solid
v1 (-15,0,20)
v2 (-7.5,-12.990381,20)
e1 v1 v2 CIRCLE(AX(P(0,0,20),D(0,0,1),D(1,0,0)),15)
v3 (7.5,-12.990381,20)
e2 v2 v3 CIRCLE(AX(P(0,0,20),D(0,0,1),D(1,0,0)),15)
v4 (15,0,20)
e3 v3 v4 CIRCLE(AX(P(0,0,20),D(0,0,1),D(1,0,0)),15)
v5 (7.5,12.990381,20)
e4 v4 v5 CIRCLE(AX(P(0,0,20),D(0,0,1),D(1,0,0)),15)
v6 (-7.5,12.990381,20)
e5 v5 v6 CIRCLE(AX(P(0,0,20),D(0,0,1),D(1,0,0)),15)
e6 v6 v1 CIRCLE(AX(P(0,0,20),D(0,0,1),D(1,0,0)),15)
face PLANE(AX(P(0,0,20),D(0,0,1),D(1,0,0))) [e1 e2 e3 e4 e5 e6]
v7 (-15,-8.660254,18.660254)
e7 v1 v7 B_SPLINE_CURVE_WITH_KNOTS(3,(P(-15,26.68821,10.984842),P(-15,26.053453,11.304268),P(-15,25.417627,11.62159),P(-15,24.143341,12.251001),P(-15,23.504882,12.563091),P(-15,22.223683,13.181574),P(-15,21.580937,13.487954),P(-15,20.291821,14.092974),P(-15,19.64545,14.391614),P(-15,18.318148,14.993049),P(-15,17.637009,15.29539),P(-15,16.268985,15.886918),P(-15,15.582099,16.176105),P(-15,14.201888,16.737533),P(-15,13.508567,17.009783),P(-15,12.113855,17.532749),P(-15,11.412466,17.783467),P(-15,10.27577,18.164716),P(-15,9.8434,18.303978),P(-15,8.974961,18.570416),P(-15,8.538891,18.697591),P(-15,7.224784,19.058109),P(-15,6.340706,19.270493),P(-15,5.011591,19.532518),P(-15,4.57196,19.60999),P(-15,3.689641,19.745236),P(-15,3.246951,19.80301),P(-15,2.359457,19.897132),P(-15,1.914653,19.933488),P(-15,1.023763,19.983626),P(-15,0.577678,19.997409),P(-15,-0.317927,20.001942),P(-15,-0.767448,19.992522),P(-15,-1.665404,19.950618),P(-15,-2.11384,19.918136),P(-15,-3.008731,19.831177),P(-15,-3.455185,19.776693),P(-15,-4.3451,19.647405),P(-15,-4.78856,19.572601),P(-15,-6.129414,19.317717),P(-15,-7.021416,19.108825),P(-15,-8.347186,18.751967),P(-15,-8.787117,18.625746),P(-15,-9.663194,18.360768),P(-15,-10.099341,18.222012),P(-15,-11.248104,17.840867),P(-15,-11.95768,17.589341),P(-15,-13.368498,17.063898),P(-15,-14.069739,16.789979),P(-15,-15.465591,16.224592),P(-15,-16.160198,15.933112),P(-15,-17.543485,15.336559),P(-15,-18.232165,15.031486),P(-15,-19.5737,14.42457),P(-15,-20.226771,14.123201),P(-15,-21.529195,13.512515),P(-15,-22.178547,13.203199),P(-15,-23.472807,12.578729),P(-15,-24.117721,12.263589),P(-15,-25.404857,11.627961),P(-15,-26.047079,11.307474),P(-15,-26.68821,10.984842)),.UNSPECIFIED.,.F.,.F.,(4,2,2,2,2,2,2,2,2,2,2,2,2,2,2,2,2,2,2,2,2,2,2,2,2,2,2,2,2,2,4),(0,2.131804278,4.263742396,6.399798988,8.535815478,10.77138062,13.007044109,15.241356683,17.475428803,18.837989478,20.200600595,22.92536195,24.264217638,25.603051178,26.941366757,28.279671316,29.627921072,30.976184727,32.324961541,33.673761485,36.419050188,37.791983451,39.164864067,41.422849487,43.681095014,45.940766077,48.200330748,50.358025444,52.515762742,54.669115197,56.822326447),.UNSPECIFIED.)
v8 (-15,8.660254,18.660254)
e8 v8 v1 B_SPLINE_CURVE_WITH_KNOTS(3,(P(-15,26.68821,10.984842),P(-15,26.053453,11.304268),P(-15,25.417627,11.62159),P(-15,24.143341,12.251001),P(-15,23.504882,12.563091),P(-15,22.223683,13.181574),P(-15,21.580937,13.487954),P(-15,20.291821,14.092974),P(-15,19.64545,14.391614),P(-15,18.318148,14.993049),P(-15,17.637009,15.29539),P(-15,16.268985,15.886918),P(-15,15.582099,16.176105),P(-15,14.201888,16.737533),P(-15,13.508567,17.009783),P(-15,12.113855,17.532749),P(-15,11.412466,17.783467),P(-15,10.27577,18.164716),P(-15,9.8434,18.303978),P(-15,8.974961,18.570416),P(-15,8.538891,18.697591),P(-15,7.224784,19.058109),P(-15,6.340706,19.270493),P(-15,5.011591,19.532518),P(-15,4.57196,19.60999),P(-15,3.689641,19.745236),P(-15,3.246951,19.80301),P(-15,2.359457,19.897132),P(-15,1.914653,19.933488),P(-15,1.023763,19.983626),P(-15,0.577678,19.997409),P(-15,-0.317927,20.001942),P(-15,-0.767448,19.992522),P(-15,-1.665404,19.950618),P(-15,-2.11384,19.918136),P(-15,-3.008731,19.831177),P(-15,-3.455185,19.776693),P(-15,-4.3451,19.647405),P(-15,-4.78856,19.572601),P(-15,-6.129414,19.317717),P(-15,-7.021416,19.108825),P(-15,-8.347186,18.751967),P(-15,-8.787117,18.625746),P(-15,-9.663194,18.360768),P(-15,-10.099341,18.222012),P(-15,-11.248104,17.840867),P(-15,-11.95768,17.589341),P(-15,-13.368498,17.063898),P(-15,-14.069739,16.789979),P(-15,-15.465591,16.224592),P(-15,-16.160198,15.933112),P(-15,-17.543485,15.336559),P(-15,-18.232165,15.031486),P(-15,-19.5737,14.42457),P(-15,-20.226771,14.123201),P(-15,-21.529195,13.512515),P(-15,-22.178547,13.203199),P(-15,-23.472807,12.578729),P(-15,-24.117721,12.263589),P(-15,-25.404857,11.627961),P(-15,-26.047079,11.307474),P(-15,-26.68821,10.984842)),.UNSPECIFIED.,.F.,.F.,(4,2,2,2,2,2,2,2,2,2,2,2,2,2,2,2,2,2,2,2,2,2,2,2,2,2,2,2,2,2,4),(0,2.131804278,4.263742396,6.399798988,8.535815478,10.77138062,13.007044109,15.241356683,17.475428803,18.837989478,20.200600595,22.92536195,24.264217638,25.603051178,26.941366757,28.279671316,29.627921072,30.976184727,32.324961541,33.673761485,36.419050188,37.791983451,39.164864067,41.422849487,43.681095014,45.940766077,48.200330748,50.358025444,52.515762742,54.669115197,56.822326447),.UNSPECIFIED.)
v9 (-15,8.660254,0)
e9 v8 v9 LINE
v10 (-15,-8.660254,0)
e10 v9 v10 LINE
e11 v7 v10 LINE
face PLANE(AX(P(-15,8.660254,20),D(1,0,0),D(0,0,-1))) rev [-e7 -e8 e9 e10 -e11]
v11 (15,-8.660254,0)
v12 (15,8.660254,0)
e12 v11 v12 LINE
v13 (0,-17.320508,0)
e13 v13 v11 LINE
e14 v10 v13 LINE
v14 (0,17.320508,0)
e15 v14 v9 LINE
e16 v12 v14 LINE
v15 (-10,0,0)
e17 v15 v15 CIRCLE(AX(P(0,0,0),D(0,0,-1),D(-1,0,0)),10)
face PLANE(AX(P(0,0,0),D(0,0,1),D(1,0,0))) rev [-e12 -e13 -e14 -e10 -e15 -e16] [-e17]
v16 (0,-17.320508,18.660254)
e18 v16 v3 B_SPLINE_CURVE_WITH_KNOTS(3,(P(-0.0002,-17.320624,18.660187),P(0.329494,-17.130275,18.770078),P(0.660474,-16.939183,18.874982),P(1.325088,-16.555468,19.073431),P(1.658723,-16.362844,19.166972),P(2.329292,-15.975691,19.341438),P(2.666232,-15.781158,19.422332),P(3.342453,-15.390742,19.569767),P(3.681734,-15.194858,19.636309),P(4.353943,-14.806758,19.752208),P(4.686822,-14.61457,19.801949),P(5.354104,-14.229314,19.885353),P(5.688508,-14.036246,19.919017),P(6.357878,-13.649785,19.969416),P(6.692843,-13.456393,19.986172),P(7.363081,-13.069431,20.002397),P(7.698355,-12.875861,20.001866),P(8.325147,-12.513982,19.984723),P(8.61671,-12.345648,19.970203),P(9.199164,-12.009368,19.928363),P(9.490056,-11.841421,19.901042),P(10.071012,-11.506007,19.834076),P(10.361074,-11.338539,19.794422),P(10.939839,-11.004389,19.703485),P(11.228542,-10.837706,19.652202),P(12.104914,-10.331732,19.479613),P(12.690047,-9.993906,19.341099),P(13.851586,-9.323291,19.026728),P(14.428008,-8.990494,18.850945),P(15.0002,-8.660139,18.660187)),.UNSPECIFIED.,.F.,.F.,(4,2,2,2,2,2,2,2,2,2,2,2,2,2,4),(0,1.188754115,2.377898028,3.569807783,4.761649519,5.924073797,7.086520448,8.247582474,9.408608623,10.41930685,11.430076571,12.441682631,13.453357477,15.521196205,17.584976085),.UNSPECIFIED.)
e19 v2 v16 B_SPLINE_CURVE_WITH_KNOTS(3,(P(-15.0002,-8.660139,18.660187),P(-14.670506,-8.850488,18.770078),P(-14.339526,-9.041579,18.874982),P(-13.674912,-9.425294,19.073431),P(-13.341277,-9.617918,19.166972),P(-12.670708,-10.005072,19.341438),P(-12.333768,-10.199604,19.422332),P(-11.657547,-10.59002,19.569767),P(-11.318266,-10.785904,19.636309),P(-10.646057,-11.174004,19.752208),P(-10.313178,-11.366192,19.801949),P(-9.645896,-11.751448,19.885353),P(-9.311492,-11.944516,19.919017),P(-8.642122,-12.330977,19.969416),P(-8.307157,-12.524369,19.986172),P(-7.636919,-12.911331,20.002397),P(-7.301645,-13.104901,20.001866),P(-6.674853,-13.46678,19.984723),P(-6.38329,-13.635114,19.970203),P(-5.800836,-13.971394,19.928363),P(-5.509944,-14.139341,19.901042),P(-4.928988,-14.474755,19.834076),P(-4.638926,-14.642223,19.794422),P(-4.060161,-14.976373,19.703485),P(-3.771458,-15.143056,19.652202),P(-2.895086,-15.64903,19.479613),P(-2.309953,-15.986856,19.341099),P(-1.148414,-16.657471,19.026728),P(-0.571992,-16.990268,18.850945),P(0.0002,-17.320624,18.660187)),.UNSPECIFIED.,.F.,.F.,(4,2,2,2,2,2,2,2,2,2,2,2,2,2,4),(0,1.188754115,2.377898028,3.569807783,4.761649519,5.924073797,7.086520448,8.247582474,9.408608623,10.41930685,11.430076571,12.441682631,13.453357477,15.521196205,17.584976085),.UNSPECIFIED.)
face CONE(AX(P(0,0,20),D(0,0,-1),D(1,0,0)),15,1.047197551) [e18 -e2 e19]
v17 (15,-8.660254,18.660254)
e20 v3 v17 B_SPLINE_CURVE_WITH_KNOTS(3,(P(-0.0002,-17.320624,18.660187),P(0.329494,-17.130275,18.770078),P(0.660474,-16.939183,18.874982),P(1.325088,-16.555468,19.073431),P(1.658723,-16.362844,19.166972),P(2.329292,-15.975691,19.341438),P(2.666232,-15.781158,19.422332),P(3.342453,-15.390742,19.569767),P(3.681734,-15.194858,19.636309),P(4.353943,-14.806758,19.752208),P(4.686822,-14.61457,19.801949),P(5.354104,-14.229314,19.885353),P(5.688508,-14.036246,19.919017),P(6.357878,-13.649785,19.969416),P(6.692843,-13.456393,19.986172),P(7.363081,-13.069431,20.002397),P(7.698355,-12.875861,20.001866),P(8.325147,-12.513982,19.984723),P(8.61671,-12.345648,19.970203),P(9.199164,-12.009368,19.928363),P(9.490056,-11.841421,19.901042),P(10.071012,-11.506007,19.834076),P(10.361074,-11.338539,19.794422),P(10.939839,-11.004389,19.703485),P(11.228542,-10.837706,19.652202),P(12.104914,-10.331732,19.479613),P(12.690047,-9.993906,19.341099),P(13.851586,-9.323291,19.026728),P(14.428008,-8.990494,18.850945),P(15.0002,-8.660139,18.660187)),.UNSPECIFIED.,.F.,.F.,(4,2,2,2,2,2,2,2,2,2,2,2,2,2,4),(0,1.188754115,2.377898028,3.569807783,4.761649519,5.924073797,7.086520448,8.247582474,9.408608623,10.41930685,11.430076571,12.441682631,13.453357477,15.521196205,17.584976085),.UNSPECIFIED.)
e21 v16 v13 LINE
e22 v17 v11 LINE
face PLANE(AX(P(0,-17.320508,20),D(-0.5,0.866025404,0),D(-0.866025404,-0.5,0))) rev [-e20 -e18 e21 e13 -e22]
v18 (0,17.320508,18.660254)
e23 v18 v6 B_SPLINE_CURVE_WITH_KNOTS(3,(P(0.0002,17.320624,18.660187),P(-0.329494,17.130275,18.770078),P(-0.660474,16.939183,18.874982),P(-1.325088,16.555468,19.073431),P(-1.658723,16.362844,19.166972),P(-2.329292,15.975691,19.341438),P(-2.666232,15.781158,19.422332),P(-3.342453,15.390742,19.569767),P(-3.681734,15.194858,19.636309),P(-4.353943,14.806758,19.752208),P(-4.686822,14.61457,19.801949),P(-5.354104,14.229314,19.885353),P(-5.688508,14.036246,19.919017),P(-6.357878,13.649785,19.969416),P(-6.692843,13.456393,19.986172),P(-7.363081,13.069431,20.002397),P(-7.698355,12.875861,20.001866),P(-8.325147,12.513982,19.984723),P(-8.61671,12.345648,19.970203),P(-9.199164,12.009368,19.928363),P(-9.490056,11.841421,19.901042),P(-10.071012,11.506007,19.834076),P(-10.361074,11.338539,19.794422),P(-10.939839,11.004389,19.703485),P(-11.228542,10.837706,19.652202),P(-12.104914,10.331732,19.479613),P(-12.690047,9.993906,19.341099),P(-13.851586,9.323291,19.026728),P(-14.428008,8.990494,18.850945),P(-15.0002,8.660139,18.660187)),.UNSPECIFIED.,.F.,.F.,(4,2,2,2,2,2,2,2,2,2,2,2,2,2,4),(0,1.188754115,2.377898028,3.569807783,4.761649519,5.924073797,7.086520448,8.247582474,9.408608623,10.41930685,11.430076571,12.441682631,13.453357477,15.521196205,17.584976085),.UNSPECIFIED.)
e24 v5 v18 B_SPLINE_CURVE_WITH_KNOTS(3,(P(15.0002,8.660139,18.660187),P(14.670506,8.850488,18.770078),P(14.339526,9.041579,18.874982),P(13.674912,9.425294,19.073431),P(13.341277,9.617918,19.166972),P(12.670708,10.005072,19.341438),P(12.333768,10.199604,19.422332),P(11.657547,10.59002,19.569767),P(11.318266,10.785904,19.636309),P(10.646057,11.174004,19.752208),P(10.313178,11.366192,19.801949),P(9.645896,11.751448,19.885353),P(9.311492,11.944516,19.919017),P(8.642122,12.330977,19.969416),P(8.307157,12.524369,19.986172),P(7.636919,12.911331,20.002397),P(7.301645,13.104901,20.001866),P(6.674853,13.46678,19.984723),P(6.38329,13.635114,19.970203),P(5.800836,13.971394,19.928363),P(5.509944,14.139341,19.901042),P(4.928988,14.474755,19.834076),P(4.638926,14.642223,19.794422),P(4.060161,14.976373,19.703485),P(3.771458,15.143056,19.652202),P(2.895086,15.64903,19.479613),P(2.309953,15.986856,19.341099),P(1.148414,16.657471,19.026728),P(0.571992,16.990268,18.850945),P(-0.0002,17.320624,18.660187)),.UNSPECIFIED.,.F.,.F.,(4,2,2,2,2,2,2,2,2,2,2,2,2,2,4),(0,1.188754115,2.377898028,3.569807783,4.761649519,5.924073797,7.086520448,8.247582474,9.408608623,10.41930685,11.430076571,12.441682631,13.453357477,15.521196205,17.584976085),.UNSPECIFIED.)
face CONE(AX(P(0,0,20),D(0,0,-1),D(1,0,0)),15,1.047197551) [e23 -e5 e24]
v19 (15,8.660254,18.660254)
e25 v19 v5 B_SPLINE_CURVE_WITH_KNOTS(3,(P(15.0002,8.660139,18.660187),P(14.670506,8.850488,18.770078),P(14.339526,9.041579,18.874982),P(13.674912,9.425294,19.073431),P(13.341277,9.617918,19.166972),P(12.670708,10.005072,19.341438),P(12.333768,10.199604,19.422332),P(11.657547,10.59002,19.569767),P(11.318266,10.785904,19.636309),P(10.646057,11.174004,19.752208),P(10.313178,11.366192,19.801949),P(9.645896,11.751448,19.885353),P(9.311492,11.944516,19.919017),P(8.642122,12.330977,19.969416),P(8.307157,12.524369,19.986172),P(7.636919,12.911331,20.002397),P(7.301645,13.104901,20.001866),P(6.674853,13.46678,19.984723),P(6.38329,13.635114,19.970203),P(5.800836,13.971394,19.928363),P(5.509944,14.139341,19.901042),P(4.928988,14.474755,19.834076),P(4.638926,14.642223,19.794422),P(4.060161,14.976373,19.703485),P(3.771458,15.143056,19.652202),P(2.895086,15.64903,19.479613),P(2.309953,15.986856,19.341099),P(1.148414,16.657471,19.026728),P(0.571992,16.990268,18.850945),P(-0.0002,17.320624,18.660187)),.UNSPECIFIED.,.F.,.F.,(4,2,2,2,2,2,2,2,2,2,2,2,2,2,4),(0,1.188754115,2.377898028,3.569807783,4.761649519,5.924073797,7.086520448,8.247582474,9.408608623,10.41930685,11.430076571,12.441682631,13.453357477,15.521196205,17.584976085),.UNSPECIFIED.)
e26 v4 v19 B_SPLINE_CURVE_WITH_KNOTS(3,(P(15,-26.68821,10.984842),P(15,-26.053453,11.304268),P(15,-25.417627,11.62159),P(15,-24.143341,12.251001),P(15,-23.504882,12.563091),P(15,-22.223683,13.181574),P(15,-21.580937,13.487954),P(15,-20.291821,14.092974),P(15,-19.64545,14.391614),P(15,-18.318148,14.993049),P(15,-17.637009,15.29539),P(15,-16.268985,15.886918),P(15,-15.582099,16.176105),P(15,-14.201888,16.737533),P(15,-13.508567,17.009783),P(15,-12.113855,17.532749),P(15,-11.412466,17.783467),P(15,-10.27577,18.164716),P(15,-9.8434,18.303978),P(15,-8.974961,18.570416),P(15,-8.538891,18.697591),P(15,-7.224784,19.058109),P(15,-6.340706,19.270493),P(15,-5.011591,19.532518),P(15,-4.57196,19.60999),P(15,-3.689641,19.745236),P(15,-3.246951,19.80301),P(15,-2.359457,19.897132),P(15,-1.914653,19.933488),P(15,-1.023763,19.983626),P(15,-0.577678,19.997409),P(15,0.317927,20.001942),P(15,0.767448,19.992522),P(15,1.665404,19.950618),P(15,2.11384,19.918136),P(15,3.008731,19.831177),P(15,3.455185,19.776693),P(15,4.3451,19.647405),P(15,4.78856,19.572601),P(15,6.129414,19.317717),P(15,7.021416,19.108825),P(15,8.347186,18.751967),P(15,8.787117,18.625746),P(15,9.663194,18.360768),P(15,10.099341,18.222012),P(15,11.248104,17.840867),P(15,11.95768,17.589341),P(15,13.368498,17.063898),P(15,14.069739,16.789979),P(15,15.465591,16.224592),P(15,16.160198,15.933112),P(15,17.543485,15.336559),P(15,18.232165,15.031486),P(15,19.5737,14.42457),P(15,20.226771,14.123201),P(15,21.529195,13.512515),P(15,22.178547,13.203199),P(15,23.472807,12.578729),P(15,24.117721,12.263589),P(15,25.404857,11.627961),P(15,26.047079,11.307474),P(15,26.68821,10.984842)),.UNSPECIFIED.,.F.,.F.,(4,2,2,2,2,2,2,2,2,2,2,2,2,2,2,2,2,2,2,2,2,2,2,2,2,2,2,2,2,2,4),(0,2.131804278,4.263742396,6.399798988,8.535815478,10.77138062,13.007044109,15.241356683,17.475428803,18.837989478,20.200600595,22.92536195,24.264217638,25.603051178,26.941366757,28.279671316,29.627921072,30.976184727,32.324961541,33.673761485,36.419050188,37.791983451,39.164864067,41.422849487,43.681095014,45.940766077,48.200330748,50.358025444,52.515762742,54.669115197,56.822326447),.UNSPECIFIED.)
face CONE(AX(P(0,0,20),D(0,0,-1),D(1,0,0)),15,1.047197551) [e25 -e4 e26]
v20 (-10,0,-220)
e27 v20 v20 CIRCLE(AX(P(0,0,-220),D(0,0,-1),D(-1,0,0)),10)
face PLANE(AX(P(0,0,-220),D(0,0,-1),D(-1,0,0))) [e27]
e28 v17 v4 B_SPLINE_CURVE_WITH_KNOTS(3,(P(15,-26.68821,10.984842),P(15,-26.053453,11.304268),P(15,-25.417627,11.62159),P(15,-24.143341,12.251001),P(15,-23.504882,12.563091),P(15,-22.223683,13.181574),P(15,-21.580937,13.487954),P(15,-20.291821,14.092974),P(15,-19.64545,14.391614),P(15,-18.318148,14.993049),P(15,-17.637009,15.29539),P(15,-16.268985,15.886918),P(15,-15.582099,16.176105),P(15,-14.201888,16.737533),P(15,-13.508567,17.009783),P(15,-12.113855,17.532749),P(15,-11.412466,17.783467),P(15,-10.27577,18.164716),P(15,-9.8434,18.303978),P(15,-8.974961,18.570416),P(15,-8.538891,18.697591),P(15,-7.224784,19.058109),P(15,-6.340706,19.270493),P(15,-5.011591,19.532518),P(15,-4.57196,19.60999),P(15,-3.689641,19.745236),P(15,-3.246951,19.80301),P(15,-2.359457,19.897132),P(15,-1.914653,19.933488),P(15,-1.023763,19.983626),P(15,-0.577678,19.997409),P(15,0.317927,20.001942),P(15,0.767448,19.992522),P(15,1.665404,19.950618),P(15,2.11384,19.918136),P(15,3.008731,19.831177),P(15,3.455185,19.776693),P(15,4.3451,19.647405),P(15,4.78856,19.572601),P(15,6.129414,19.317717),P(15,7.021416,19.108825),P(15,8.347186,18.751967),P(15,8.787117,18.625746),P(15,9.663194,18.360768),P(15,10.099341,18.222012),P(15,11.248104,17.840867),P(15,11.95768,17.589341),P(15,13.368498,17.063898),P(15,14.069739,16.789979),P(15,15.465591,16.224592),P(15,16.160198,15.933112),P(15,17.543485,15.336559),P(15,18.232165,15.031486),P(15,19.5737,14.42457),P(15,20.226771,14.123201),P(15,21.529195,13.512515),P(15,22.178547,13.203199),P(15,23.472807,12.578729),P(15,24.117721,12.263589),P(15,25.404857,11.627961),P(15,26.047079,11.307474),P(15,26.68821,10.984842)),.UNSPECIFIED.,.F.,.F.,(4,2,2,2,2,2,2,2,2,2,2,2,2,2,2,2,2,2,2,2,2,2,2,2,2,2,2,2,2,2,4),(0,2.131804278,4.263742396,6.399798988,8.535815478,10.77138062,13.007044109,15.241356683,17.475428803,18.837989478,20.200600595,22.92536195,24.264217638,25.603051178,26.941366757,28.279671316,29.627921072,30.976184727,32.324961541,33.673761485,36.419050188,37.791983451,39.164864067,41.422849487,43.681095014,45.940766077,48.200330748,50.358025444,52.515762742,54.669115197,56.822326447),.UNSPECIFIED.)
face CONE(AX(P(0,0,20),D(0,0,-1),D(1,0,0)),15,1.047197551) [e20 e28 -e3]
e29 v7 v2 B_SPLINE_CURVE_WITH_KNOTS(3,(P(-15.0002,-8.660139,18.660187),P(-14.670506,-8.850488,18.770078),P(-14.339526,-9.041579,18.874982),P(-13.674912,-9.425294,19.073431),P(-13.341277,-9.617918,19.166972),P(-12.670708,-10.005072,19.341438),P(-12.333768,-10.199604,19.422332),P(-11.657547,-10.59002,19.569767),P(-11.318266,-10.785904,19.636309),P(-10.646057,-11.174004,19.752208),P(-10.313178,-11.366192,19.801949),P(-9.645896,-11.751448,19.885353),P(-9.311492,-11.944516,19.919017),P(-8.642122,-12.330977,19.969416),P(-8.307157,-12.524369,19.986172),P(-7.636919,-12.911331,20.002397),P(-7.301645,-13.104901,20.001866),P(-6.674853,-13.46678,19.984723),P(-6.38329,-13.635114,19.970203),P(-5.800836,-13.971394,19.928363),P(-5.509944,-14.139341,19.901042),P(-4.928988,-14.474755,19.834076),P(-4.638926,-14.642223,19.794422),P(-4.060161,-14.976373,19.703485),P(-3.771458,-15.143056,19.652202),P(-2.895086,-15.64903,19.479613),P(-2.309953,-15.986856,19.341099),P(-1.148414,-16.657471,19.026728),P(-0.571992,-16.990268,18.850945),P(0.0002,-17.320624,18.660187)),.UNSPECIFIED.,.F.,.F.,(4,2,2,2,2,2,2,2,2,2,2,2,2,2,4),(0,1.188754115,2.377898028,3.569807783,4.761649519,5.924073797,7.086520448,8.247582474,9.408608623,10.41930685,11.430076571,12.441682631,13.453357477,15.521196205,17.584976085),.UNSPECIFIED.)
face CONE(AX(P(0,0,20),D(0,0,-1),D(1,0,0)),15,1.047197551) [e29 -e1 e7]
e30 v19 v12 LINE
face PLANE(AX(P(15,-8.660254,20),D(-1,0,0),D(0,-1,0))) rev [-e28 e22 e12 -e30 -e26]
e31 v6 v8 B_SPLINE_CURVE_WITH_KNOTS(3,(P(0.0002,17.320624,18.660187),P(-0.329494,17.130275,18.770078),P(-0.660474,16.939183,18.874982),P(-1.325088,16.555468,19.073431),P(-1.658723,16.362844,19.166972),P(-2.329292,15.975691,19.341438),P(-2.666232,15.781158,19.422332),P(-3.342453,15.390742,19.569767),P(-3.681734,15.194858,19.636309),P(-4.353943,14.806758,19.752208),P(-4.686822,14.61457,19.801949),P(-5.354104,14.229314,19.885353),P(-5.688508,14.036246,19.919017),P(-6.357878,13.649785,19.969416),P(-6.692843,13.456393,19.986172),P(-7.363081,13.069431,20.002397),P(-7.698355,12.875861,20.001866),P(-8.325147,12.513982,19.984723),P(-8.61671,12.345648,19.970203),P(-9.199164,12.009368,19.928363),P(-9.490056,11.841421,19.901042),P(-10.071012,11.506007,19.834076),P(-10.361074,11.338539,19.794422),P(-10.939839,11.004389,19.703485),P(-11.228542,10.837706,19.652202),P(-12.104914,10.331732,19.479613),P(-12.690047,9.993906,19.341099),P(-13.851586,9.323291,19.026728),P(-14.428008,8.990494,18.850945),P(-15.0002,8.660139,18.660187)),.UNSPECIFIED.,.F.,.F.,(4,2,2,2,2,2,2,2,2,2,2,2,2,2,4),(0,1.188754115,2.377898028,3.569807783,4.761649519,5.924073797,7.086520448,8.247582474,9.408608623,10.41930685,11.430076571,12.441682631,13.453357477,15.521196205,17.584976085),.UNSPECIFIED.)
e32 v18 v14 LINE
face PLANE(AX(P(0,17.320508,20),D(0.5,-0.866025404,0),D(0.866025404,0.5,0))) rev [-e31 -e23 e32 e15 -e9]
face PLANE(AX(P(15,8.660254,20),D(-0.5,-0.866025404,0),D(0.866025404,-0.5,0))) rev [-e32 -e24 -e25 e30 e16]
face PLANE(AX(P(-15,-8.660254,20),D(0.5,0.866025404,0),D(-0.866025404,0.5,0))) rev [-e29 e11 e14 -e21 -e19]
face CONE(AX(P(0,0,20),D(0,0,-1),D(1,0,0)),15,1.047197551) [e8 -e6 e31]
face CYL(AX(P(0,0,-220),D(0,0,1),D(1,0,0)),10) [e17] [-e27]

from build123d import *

# Parameters (mm, degrees)
BOSS_EXTRUDE1_DEPTH = 20
SKETCH2_OUTSIDE_W   = 59.32
SKETCH2_OUTSIDE_H   = 63.962
SKETCH2_OUTSIDE_R   = 15
CUT_EXTRUDE1_DEPTH  = 5
CUT_EXTRUDE1_DRAFT  = -60
SKETCH3_R           = 10
BOSS_EXTRUDE2_DEPTH = 220


with BuildPart() as part:
    # Sketch1 → Boss-Extrude1 (new body)
    with BuildSketch(Plane.XY):
        Polygon((0, 17.320508076), (-15, 8.660254038), (-15, -8.660254038), (0, -17.320508076), (15, -8.660254038), (15, 8.660254038), align=None)
    extrude(amount=BOSS_EXTRUDE1_DEPTH)


with BuildPart() as cut_extrude1_tool:
    # Sketch2 outside → Cut-Extrude1 (with draft: the straight prism first)
    with BuildSketch(Plane.XY.offset(20)):
        Rectangle(SKETCH2_OUTSIDE_W, SKETCH2_OUTSIDE_H)
        Circle(SKETCH2_OUTSIDE_R, mode=Mode.SUBTRACT)
    extrude(amount=-CUT_EXTRUDE1_DEPTH)
    # Cut-Extrude1: the draft: its side faces are tilted about the plane it starts from
    cut_extrude1_sides = [cut_extrude1_tool.faces().sort_by_distance(p)[0] for p in [
        (0, -31.981, 17.5),
        (29.66, 0, 17.5),
        (0, 31.981, 17.5),
        (-29.66, 0, 17.5),
        (-15, 0, 17.5),
    ]]
    draft(cut_extrude1_sides, Plane.XY.offset(20), CUT_EXTRUDE1_DRAFT)


with BuildPart() as part_1:
    add(part.part)

    # Cut-Extrude1: cut by cut_extrude1_tool
    add(cut_extrude1_tool.part, mode=Mode.SUBTRACT)

    # Sketch3 → Boss-Extrude2 (add)
    with BuildSketch(Plane(origin=(0, 0, 0), x_dir=(-1, 0, 0), z_dir=(0, 0, -1))):
        Circle(SKETCH3_R)
    extrude(amount=BOSS_EXTRUDE2_DEPTH)


solid = part_1.part
